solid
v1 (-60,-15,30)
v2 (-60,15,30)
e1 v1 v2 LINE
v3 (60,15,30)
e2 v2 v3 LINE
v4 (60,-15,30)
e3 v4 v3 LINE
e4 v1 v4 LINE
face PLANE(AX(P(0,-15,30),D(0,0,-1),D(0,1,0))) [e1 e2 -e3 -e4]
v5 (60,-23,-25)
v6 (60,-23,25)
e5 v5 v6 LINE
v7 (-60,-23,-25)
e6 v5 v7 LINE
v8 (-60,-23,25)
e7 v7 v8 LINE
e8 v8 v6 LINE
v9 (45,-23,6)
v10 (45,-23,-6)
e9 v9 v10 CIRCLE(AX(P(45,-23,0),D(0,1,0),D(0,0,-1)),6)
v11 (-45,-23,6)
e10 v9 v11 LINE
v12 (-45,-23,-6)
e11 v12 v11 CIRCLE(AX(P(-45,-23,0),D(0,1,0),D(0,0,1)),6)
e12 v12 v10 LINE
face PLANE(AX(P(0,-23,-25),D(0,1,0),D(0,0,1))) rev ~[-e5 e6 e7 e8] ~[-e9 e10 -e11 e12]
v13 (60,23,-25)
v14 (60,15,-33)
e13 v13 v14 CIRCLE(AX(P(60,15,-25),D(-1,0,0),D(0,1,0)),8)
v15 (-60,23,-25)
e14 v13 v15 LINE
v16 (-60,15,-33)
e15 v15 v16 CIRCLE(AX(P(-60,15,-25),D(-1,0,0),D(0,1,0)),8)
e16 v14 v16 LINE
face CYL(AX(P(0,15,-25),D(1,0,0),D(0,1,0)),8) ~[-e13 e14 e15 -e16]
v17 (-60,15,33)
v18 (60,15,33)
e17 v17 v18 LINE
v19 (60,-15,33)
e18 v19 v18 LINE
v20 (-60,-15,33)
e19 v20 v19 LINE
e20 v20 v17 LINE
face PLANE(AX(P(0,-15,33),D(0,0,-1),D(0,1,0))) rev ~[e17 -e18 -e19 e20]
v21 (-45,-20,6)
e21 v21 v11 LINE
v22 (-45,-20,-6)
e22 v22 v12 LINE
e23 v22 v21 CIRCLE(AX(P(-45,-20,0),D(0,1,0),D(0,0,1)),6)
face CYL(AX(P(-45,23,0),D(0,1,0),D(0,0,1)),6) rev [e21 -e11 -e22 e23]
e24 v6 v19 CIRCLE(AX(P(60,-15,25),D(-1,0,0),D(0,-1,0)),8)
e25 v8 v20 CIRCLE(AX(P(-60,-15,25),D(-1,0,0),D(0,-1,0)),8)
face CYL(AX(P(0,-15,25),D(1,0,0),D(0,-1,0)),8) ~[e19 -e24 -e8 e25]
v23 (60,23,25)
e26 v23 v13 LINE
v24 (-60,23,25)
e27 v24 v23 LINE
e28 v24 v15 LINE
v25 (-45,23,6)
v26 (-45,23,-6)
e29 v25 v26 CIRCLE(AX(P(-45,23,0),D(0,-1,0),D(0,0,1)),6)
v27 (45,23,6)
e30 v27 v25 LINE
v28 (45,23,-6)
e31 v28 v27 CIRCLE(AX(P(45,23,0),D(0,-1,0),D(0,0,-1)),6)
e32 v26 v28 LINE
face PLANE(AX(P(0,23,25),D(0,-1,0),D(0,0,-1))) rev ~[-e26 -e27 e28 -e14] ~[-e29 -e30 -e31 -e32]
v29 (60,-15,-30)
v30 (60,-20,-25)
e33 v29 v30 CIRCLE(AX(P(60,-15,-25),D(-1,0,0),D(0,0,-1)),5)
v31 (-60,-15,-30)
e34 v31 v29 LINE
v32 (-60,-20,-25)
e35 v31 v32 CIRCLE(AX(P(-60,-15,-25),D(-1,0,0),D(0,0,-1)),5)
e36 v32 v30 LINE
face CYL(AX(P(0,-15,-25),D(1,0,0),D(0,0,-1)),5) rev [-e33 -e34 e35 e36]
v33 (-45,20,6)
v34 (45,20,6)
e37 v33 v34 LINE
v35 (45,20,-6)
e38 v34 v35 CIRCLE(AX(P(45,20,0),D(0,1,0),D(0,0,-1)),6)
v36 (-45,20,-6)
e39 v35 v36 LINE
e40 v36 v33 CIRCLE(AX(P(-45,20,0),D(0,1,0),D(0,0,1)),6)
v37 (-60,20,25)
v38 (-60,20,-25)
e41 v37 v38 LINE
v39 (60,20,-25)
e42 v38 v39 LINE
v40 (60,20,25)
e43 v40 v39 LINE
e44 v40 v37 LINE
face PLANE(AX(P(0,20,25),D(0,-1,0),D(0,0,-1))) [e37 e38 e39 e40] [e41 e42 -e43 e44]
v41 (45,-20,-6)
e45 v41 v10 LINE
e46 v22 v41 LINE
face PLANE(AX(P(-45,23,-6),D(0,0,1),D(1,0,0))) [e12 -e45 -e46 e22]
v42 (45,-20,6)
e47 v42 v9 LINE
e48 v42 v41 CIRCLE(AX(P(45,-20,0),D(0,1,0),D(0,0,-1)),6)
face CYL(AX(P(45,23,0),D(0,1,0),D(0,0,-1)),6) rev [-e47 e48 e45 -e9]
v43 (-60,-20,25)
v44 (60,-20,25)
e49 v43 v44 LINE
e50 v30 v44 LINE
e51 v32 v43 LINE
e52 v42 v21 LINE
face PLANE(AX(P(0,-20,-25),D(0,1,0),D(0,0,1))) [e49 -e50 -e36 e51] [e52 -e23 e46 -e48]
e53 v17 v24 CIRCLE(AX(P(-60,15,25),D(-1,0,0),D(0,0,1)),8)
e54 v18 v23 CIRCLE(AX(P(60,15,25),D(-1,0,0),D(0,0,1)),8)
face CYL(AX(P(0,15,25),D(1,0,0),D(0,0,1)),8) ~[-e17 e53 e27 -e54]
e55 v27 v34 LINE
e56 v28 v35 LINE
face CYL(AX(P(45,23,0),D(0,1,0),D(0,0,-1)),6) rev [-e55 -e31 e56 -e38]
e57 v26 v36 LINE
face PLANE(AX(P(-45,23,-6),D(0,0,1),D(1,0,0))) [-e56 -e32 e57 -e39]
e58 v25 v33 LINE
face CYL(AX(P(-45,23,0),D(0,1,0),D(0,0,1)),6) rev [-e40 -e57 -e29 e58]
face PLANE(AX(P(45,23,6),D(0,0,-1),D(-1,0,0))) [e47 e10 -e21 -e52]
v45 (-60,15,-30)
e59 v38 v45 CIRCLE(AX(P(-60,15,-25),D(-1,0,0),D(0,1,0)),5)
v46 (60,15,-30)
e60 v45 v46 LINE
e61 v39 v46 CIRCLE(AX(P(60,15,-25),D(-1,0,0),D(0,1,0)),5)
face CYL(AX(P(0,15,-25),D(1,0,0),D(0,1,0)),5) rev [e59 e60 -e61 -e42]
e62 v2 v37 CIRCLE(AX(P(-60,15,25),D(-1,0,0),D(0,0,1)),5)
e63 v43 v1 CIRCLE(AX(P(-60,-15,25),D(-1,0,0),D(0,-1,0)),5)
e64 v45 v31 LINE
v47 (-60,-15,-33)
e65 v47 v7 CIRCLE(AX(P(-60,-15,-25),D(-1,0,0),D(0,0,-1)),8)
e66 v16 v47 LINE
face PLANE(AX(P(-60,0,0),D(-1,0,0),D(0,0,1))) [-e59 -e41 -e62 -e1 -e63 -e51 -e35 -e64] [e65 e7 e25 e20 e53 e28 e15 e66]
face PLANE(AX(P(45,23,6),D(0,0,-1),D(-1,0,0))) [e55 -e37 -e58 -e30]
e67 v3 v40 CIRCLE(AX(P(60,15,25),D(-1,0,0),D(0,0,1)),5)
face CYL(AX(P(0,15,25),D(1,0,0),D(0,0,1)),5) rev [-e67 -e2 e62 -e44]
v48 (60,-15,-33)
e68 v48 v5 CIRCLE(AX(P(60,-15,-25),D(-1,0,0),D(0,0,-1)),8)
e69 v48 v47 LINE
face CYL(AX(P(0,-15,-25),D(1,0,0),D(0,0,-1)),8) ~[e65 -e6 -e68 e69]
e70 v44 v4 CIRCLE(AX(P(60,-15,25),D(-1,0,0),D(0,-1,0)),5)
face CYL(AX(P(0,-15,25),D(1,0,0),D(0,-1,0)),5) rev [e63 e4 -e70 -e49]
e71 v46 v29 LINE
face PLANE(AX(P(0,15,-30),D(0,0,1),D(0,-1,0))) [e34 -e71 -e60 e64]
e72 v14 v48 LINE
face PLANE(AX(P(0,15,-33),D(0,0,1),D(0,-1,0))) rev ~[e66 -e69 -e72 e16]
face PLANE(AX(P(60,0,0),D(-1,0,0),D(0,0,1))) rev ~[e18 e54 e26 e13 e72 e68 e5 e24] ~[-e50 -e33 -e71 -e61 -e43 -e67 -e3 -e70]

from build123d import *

# Parameters (mm, degrees)
EXTRUDE_THIN1_DEPTH = 60
CUT_EXTRUDE1_DEPTH  = 47


with BuildPart() as part:
    # Sketch1 → Extrude-Thin1 (new body, symmetric)
    with BuildSketch(Plane(origin=(0, 0, 0), x_dir=(0, 0, -1), z_dir=(1, 0, 0))):
        with BuildLine():
            Line((-25, 23), (25, 23))
            ThreePointArc((25, 23), (30.656854249, 20.656854249), (33, 15))
            Line((33, 15), (33, -15))
            ThreePointArc((33, -15), (30.656854249, -20.656854249), (25, -23))
            Line((25, -23), (-25, -23))
            ThreePointArc((-25, -23), (-30.656854249, -20.656854249), (-33, -15))
            Line((-33, -15), (-33, 15))
            ThreePointArc((-33, 15), (-30.656854249, 20.656854249), (-25, 23))
        make_face()
        with BuildLine():
            Line((-25, 20), (25, 20))
            ThreePointArc((25, 20), (28.535533906, 18.535533906), (30, 15))
            Line((30, 15), (30, -15))
            ThreePointArc((30, -15), (28.535533906, -18.535533906), (25, -20))
            Line((25, -20), (-25, -20))
            ThreePointArc((-25, -20), (-28.535533906, -18.535533906), (-30, -15))
            Line((-30, -15), (-30, 15))
            ThreePointArc((-30, 15), (-28.535533906, 18.535533906), (-25, 20))
        make_face(mode=Mode.SUBTRACT)
    extrude(amount=EXTRUDE_THIN1_DEPTH, both=True)

    # Sketch2 → Cut-Extrude1 (cut, through all)
    with BuildSketch(Plane(origin=(0, 23, 0), x_dir=(1, 0, 0), z_dir=(0, 1, 0))):
        with BuildLine():
            Line((-45, 6), (45, 6))
            ThreePointArc((45, 6), (51, 0), (45, -6))
            Line((45, -6), (-45, -6))
            ThreePointArc((-45, -6), (-51, 0), (-45, 6))
        make_face()
    extrude(amount=-CUT_EXTRUDE1_DEPTH, mode=Mode.SUBTRACT)


solid = part.part
